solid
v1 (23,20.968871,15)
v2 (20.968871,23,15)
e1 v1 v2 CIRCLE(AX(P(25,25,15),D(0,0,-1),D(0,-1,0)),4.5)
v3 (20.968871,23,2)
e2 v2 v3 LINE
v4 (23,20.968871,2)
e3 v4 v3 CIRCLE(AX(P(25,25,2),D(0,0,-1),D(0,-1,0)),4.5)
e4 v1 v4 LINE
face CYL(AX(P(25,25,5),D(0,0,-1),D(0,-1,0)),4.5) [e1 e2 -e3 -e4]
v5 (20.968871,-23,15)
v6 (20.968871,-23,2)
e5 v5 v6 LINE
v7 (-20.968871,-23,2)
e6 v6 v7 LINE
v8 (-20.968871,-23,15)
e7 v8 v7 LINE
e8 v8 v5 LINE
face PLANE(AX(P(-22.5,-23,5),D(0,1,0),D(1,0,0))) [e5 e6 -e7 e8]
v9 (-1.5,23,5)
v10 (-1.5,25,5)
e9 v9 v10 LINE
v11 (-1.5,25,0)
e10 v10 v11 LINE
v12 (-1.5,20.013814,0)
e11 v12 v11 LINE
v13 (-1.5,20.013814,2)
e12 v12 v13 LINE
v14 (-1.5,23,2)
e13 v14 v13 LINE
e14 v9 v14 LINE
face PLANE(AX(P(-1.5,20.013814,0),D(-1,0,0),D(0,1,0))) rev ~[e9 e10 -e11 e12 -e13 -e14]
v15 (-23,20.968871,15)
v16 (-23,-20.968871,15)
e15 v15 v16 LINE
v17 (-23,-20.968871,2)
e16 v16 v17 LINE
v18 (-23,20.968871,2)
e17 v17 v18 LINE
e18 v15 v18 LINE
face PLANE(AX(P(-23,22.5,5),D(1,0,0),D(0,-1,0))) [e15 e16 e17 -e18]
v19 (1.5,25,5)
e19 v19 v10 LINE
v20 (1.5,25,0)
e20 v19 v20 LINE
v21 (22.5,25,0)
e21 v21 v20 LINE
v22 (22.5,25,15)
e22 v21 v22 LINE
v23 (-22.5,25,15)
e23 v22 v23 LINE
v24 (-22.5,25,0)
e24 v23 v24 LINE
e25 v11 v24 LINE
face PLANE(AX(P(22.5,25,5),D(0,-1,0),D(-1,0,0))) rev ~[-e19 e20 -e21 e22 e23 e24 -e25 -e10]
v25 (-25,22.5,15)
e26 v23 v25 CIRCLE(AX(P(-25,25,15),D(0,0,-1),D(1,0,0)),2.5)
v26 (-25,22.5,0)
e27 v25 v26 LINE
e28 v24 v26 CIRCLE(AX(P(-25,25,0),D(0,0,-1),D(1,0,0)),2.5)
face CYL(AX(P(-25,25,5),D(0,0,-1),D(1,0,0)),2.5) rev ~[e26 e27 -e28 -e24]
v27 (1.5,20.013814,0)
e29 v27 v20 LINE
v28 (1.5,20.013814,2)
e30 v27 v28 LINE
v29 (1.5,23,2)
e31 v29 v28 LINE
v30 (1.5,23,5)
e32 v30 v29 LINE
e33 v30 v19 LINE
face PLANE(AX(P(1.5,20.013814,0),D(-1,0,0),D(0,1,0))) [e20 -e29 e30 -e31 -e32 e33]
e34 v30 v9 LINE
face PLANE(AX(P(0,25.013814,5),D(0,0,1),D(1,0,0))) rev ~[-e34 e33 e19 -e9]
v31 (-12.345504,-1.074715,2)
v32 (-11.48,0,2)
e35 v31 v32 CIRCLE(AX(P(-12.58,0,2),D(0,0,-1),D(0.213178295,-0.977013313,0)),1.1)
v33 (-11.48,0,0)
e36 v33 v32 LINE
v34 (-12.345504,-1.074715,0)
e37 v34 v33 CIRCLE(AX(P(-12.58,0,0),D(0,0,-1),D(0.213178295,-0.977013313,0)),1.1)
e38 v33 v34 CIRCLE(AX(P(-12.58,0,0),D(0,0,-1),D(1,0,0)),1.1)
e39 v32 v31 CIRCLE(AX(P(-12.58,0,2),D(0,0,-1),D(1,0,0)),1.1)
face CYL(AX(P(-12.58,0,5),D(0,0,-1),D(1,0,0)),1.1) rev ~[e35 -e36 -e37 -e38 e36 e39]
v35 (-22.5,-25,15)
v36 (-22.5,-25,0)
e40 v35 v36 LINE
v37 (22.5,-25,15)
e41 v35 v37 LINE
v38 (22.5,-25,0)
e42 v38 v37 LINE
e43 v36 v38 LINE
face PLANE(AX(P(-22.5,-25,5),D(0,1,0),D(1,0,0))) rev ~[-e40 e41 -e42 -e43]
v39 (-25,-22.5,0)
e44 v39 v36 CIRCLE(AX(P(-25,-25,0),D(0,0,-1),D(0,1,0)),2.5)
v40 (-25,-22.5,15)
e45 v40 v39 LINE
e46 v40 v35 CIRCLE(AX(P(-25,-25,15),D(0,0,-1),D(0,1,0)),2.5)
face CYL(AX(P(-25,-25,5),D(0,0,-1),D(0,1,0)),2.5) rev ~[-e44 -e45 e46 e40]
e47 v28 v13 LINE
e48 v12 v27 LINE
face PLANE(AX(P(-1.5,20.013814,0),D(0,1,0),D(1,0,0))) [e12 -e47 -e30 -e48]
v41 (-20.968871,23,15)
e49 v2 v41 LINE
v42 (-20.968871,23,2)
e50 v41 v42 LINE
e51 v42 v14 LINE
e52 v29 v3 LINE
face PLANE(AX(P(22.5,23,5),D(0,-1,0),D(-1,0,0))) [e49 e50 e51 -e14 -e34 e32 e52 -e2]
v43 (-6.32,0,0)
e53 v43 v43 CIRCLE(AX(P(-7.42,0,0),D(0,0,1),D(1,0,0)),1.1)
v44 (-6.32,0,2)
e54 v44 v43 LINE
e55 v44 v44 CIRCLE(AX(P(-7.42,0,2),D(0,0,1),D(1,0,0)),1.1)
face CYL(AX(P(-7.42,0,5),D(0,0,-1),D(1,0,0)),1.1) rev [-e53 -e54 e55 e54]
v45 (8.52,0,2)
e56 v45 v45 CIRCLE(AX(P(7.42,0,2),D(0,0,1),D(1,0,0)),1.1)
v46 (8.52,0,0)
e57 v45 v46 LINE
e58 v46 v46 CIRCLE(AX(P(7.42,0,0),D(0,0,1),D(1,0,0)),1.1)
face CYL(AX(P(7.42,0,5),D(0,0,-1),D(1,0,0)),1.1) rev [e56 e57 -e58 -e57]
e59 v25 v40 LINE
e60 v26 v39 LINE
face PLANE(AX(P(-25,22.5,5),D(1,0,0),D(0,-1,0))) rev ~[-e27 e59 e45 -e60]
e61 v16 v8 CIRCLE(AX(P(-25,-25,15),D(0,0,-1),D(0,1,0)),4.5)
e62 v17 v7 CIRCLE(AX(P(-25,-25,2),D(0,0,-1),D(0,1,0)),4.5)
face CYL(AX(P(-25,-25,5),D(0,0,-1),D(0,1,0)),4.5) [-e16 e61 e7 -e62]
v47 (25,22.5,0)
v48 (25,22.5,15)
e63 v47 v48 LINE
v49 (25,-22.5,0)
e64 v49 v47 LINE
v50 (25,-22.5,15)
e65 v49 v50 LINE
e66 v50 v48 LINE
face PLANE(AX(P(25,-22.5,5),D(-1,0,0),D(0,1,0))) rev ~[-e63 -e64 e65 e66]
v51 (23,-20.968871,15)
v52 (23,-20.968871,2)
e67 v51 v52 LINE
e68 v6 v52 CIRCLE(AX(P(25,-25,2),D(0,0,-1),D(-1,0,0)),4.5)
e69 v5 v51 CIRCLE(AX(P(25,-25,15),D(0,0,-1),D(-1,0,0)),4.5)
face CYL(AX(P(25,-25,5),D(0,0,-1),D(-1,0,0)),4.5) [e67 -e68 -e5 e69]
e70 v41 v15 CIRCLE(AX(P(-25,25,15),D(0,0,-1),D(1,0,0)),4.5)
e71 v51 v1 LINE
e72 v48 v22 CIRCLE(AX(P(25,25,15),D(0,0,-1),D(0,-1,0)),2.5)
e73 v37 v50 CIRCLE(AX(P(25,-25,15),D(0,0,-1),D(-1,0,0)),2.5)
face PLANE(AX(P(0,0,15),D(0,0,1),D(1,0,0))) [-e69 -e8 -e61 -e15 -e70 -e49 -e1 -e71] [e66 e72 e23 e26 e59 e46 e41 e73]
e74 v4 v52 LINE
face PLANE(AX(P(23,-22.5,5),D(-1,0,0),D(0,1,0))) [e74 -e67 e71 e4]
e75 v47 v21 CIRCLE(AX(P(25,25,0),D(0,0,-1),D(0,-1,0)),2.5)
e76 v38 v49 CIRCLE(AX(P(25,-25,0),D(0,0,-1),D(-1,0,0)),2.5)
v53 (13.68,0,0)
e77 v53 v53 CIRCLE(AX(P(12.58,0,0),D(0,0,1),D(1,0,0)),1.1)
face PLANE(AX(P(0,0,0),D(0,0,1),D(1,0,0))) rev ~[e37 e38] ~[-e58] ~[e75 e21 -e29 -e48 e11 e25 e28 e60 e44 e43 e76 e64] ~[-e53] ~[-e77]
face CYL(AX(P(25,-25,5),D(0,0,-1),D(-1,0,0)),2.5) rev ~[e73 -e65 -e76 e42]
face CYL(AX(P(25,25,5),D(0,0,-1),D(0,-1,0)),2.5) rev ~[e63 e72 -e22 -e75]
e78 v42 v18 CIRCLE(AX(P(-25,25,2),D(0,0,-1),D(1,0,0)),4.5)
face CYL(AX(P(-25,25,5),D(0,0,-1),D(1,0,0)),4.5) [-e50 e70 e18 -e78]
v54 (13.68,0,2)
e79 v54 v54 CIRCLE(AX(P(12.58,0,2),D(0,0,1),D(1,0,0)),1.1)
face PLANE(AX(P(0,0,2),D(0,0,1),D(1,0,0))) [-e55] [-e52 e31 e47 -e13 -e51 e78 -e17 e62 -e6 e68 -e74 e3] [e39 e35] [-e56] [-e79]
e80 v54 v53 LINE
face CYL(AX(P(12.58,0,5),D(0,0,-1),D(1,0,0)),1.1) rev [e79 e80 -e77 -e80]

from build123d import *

# Parameters (mm, degrees)
F0_R     = 1.1
F1_DEPTH = 5
F2_DEPTH = 10
F3_T     = -2
F4_W     = 3
F4_H     = 10
F5_DEPTH = 5


with BuildPart() as f1:
    # F0 (on Top) → F1 (new body)
    with BuildSketch(Plane.XY):
        with BuildLine():
            Line((-22.5, -25), (22.5, -25))
            ThreePointArc((22.5, -25), (23.232233047, -23.232233047), (25, -22.5))
            Line((25, -22.5), (25, 22.5))
            ThreePointArc((25, 22.5), (23.232233047, 23.232233047), (22.5, 25))
            Line((22.5, 25), (-22.5, 25))
            ThreePointArc((-22.5, 25), (-23.232233047, 23.232233047), (-25, 22.5))
            Line((-25, 22.5), (-25, -22.5))
            ThreePointArc((-25, -22.5), (-23.232233047, -23.232233047), (-22.5, -25))
        make_face()
        with BuildLine():
            ThreePointArc((-12.345503876, -1.0747146448), (-13.4367221651, 0.6899471949), (-11.48, 0))
            ThreePointArc((-11.48, 0), (-11.7232778349, -0.6899471949), (-12.345503876, -1.0747146448))
        make_face(mode=Mode.SUBTRACT)
        with Locations((-7.42, 0)):
            Circle(F0_R, mode=Mode.SUBTRACT)
        with Locations((7.42, 0)):
            Circle(F0_R, mode=Mode.SUBTRACT)
        with Locations((12.58, 0)):
            Circle(F0_R, mode=Mode.SUBTRACT)
    extrude(amount=F1_DEPTH)

    # F2 (add): a face of the model
    f2_faces = [f1.faces().sort_by_distance(p)[0] for p in [
        (0, 0, 5),
    ]]
    extrude(f2_faces, amount=F2_DEPTH)

    # F3
    f3_openings = [f1.faces().sort_by_distance(p)[0] for p in [
        (-13.68, 0, 2.5),
        (-13.68, 0, 10),
        (0, 0, 15),
        (11.48, 0, 2.5),
        (11.48, 0, 10),
        (6.32, 0, 2.5),
        (6.32, 0, 10),
        (-8.52, 0, 2.5),
        (-8.52, 0, 10),
    ]]
    offset(amount=F3_T, openings=f3_openings)

    # F4 (on Top) → F5 (cut)
    with BuildSketch(Plane.XY):
        with Locations((0, 25.013813749)):
            Rectangle(F4_W, F4_H)
    extrude(amount=F5_DEPTH, mode=Mode.SUBTRACT)


solid = f1.part
